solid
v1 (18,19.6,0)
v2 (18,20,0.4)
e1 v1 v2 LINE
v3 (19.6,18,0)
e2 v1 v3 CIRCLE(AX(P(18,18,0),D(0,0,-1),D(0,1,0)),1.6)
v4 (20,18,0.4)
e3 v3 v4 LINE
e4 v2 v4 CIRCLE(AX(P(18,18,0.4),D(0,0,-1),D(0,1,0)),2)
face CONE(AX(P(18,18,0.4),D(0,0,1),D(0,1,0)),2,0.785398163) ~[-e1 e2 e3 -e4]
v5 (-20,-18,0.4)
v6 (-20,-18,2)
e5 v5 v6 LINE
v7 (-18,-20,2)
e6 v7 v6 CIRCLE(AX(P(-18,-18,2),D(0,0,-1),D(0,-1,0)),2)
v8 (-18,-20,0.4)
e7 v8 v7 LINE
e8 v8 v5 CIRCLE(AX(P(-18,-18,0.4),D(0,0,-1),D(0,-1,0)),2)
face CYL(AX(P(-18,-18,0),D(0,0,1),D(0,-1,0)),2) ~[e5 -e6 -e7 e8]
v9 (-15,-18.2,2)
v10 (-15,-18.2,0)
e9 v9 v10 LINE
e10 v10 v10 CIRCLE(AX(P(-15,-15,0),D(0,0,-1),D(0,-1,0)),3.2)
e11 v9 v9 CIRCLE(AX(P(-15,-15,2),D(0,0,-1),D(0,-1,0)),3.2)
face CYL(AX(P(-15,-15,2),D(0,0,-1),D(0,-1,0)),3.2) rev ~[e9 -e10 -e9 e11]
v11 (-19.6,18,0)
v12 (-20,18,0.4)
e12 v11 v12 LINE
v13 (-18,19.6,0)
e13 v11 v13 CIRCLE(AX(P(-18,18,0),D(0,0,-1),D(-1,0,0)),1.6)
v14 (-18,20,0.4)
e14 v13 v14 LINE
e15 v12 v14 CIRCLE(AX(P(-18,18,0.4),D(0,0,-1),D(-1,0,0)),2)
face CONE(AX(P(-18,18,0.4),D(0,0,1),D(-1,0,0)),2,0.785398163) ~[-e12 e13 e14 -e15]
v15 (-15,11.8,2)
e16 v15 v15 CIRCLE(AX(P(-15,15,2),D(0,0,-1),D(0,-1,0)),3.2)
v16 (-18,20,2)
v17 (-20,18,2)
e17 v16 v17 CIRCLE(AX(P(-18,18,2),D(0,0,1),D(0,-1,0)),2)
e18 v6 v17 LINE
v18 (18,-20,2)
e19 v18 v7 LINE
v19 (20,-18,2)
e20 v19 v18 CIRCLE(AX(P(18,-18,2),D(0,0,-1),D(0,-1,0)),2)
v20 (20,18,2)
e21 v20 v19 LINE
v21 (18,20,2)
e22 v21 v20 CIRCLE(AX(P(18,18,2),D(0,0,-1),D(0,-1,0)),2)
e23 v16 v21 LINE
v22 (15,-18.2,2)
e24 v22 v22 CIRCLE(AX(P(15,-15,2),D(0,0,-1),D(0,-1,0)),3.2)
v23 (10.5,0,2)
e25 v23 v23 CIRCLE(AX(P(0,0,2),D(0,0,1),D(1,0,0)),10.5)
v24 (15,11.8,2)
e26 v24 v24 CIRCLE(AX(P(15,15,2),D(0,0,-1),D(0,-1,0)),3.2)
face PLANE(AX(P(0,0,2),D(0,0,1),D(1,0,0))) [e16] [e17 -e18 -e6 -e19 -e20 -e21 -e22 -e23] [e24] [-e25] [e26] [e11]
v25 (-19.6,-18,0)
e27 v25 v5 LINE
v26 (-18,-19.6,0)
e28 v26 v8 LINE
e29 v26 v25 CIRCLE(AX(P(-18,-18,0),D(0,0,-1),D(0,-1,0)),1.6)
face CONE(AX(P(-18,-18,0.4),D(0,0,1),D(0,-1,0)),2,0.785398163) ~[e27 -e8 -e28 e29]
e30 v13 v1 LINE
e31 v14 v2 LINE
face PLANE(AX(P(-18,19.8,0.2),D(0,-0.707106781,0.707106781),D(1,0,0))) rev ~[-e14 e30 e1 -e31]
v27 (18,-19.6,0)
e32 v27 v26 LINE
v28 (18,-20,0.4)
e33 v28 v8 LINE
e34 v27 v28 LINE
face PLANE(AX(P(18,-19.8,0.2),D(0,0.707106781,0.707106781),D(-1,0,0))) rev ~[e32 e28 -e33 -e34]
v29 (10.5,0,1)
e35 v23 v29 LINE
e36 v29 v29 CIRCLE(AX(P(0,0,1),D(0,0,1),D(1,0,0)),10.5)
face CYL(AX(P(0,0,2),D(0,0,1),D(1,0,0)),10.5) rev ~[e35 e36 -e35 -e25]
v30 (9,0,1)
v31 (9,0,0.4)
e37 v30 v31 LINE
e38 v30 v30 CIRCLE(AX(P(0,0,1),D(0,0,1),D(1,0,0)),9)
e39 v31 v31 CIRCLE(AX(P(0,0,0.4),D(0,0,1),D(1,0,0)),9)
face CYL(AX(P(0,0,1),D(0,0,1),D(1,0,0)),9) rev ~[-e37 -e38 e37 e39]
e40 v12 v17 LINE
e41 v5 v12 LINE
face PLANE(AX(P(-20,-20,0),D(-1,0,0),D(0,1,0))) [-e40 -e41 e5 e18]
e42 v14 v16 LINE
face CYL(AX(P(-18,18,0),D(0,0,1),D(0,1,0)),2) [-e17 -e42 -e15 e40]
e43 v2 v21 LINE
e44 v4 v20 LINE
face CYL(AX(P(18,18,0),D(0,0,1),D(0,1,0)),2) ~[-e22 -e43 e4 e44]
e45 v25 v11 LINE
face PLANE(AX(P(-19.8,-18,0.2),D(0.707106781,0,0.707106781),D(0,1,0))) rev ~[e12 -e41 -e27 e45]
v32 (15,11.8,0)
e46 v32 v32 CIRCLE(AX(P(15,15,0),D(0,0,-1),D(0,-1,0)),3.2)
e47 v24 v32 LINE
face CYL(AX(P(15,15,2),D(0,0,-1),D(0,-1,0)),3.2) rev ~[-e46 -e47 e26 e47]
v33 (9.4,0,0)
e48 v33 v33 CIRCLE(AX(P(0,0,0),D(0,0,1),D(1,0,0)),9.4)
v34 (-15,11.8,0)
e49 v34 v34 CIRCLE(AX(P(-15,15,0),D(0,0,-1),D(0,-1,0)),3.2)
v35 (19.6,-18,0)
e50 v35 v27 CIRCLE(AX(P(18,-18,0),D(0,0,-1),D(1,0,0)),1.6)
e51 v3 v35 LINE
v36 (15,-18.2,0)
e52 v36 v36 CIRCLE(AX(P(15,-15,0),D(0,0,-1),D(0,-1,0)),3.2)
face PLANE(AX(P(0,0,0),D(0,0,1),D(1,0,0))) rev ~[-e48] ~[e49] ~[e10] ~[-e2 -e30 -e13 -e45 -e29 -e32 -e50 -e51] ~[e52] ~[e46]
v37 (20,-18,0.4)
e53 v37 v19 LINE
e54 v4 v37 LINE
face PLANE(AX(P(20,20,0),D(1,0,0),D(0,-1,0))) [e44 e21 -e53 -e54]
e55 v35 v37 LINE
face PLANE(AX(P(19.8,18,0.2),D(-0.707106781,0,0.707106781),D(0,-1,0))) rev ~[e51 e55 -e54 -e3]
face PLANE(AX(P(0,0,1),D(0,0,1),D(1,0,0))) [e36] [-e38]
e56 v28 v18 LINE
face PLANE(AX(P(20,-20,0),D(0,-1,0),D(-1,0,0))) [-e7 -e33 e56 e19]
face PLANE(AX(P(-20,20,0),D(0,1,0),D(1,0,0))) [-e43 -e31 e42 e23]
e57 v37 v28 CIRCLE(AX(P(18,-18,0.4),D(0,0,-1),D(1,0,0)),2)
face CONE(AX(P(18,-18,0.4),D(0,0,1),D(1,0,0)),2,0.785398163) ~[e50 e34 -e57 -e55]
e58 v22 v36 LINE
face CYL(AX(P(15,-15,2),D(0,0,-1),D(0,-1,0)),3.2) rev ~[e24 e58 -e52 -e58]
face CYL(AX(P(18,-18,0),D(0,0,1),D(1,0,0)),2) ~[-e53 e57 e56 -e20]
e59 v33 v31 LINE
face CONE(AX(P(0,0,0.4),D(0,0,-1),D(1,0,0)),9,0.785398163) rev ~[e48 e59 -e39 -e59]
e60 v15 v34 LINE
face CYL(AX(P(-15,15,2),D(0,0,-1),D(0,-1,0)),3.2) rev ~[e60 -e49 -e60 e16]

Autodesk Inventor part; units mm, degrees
ref_plane "YZ Plane" through (0, 0, 0) normal (1, 0, 0) x (0, 1, 0)
ref_plane "XZ Plane" through (0, 0, 0) normal (0, 1, 0) x (-1, 0, 0)
ref_plane "XY Plane" through (0, 0, 0) normal (0, 0, 1) x (1, 0, 0)
sketch "Sketch1" plane through (0, 0, 0) normal (0, 0, 1) x (1, 0, 0)
  line L0 (-20, 20) -> (20, 20)
  line L1 (20, 20) -> (20, -20)
  line L2 (20, -20) -> (-20, -20)
  line L3 (-20, -20) -> (-20, 20)
  point P0 (0, 0)
  point P1 (20, 0)
  point P2 (0, 20)
  dimension "d0" = 40
extrude "Extrusion1" add sketch "Sketch1" along normal blind 2
fillet "Fillet1" radius 2 4 edges at (20, 20, 1) (-20, 20, 1) (20, -20, 1) (-20, -20, 1)
sketch "Sketch2" plane through (0, 0, 2) normal (0, 0, 1) x (1, 0, 0)
  line L0 (-15, 15) -> (15, 15) construction
  line L1 (15, 15) -> (15, -15) construction
  line L2 (15, -15) -> (-15, -15) construction
  line L3 (-15, -15) -> (-15, 15) construction
  point P0 (0, 0)
  point P1 (15, 0)
  point P2 (0, 15)
  dimension "d4" = 30
hole "Hole1" at (-15, 15, 2) at (15, 15, 2) at (15, -15, 2) at (-15, -15, 2) direction (0, 0, -1) diameter 6.4 end through all
sketch "Sketch3" plane through (0, 0, 2) normal (0, 0, 1) x (1, 0, 0)
  circle A0 centre (0, 0) radius 10.5
  dimension "d12" = 21
extrude "Extrusion2" cut sketch "Sketch3" against normal blind 1
sketch "Sketch4" plane through (0, 0, 1) normal (0, 0, 1) x (1, 0, 0)
  circle A0 centre (0, 0) radius 9
  dimension "d15" = 18
extrude "Extrusion3" cut sketch "Sketch4" against normal through all
chamfer "Chamfer1" distance 0.4 angle 45 9 edges at (-9, 0, 0) (0, -20, 0) (19.4142, -19.4142, 0) (20, 0, 0) (19.4142, 19.4142, 0) (0, 20, 0) (-19.4142, 19.4142, 0) (-20, 0, 0) (-19.4142, -19.4142, 0)
properties part number "RamanSampleHolder"
